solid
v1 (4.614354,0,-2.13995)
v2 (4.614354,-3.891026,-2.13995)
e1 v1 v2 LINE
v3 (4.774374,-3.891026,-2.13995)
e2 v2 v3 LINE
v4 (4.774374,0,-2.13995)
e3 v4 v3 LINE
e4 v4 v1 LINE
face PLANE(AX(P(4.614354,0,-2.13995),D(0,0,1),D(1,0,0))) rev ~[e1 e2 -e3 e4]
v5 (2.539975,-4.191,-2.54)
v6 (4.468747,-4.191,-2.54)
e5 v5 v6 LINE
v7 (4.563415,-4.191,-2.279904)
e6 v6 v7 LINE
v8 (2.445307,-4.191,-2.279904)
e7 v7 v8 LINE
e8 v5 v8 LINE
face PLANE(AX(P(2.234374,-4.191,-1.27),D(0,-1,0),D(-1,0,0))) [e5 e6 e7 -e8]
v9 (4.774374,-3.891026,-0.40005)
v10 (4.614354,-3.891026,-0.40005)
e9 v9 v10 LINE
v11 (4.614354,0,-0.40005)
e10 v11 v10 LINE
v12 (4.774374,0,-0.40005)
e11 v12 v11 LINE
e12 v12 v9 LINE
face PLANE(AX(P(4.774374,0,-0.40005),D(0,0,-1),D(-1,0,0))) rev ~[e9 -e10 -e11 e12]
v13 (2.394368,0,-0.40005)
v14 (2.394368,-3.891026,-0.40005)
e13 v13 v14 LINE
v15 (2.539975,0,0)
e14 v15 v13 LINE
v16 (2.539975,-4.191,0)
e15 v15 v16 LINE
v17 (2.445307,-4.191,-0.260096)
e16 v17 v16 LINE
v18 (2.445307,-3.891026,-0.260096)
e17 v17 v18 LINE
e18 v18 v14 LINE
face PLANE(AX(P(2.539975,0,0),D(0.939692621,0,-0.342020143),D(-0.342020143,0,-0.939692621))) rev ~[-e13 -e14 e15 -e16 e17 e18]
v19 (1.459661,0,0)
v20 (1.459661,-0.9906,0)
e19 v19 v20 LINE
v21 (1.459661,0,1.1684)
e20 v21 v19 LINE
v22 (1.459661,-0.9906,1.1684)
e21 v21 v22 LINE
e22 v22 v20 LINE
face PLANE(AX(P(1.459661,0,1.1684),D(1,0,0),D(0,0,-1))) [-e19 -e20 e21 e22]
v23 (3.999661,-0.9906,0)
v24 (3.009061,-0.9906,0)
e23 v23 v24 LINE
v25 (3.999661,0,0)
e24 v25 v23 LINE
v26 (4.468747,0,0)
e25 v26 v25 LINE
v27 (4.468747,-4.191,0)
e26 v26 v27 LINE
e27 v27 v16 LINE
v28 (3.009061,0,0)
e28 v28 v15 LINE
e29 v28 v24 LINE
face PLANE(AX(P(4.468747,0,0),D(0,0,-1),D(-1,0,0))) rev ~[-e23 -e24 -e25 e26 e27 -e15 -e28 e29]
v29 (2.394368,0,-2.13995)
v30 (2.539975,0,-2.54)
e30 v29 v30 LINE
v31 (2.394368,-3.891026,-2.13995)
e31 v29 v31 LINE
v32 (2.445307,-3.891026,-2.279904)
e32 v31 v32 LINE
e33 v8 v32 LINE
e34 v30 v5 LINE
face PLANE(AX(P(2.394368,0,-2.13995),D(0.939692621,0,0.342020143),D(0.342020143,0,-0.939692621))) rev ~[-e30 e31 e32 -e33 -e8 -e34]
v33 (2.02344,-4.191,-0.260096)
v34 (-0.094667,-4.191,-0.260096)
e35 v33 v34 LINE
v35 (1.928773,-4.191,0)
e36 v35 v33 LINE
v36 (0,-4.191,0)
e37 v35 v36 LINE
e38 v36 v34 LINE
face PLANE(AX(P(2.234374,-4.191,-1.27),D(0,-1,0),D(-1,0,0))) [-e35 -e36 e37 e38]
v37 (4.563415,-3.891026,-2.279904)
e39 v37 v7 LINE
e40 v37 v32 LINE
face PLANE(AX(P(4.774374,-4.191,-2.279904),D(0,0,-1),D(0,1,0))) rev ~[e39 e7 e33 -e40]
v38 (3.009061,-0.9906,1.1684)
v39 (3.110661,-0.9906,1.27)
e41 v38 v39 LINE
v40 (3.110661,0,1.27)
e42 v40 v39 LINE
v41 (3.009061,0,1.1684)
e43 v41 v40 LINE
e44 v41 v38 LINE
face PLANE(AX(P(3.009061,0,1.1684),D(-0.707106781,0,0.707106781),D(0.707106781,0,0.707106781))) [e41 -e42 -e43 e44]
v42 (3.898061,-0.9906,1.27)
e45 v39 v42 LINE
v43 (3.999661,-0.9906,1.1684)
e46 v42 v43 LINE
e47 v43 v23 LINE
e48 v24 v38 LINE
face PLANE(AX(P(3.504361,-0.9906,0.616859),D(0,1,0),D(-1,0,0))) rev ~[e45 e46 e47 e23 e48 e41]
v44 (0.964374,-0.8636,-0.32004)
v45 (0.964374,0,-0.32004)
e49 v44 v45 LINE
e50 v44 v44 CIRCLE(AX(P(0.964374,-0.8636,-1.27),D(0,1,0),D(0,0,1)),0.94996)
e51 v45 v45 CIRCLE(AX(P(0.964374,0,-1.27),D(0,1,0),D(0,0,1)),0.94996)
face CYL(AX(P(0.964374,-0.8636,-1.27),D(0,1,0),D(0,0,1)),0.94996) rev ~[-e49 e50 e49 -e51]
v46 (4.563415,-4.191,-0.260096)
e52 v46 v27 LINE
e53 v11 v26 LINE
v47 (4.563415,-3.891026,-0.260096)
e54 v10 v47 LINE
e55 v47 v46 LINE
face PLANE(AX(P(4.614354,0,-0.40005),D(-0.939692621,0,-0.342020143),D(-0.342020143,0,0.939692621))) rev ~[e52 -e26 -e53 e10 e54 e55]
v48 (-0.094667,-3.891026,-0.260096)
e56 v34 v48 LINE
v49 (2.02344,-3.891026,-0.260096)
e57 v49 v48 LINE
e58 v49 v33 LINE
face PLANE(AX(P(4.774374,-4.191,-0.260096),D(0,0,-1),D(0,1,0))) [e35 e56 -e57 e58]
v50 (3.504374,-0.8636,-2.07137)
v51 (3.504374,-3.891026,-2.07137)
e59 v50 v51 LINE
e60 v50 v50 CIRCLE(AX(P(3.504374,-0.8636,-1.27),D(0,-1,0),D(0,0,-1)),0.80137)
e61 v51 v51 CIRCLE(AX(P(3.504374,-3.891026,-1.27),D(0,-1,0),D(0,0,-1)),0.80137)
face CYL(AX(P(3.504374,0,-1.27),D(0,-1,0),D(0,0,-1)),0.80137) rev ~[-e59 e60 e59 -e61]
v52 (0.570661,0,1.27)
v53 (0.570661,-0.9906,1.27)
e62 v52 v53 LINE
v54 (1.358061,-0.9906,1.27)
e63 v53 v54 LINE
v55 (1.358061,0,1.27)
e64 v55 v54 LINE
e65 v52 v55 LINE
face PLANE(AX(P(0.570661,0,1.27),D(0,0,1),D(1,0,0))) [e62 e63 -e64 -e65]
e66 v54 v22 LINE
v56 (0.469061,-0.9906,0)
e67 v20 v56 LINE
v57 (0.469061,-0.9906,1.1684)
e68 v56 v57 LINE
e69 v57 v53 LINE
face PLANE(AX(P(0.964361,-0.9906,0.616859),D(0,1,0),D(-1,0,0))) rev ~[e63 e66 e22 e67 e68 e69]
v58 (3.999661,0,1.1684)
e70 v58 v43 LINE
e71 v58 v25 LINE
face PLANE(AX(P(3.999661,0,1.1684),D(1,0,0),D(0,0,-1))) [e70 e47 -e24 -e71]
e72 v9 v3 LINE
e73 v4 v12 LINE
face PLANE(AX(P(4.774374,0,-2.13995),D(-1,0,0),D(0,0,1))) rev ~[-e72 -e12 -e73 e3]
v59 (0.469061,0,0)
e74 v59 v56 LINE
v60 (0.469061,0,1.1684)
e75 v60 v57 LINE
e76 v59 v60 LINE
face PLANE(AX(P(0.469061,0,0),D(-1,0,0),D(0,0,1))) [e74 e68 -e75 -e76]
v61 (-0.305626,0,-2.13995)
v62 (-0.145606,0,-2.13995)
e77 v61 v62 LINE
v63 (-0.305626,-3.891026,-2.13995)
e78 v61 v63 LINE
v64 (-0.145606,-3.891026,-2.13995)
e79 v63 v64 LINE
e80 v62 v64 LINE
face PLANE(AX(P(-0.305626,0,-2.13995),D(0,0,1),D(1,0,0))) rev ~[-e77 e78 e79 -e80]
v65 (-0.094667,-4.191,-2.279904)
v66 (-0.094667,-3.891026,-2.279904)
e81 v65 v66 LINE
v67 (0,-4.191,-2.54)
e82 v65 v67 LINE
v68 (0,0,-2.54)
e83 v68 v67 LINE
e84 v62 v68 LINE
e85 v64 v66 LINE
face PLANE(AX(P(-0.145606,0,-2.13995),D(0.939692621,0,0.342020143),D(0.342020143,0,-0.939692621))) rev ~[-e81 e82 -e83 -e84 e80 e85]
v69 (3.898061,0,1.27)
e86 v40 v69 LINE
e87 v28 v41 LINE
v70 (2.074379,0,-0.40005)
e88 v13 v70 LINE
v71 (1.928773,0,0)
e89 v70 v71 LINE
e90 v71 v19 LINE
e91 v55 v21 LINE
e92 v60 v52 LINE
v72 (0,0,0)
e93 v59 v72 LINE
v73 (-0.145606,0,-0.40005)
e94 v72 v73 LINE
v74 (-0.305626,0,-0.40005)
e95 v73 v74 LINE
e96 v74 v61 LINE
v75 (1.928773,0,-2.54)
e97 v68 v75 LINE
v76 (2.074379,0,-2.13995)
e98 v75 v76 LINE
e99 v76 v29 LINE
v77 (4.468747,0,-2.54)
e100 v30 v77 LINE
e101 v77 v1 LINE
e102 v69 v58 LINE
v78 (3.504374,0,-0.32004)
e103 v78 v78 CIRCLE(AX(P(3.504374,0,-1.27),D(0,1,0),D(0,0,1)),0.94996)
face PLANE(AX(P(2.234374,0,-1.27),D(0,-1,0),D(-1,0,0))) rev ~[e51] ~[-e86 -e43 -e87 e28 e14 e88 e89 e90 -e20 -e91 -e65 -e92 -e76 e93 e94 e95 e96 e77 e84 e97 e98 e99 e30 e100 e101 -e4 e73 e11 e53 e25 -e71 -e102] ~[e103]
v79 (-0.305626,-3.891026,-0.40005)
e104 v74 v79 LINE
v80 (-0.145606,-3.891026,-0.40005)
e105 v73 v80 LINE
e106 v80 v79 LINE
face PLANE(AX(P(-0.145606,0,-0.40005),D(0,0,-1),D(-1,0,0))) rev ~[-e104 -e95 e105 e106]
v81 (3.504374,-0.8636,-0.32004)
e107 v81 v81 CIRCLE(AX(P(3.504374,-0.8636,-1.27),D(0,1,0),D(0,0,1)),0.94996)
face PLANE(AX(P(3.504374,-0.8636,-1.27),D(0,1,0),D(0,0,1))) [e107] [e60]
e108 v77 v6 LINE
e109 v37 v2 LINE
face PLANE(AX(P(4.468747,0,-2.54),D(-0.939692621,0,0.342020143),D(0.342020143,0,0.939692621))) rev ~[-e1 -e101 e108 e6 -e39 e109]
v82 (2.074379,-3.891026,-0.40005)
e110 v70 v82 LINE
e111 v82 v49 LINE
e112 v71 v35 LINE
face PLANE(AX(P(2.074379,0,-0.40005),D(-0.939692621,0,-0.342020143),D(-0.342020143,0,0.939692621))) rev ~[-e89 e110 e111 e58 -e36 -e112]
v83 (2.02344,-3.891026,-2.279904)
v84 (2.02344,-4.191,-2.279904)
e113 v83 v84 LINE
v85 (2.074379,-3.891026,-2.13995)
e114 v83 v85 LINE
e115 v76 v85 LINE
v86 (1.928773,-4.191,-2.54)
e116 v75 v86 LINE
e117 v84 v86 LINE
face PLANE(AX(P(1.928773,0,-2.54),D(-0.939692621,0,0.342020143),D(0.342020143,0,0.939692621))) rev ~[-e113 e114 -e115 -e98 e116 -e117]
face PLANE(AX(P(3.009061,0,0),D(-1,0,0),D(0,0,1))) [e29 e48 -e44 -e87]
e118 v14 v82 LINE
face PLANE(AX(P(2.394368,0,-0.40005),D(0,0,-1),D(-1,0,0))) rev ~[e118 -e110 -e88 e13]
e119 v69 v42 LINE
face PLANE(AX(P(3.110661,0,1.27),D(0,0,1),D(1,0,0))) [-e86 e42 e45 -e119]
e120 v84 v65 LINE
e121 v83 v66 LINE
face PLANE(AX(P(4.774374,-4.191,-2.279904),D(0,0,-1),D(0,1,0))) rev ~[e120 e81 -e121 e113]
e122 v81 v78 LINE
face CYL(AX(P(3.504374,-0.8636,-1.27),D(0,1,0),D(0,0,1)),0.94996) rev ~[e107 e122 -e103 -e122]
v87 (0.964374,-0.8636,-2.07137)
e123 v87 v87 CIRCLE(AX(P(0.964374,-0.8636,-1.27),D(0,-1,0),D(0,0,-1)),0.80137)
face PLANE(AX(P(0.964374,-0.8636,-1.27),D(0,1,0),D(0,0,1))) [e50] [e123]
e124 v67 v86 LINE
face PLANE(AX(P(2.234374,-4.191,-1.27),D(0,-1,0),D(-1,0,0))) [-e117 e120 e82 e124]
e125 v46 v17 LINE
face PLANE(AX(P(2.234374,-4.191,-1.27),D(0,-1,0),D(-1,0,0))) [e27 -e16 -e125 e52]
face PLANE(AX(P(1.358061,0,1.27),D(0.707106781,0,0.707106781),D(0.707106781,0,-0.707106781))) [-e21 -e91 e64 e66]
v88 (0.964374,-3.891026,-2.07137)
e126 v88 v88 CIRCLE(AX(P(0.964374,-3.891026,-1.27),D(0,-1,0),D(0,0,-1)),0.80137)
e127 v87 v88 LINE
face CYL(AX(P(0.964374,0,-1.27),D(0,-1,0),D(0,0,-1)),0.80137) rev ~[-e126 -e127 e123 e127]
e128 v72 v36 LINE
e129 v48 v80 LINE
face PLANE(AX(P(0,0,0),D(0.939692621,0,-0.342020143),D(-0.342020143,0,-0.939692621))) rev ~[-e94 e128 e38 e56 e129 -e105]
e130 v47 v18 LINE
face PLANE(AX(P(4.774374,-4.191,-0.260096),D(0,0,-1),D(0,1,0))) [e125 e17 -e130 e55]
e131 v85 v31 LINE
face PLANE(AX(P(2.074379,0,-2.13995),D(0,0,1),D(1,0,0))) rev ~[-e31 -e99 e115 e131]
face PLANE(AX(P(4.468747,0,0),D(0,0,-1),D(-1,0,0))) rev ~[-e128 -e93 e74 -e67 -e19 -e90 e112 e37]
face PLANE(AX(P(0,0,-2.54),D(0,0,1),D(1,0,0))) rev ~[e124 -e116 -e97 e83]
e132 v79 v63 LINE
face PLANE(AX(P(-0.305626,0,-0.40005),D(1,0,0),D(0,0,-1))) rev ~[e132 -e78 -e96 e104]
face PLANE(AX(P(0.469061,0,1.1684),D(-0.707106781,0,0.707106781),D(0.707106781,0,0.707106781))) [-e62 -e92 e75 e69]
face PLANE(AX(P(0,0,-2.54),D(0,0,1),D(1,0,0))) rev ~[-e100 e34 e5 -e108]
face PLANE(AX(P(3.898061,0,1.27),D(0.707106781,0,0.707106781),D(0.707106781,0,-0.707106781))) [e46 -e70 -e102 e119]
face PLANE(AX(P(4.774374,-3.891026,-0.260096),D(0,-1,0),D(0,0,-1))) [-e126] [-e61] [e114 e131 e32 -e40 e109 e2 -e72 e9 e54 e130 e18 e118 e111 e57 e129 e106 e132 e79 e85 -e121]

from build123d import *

# Parameters (mm, degrees)
EXTRUDE1_DEPTH      = 4.191
HOLE1_D             = 1.60274
HOLE1_CBORE_D       = 1.89992
HOLE1_CBORE_DEPTH   = 0.8636
EXTRUDE2_DEPTH      = 7.0104
LPATTERN1_COUNT     = 2
LPATTERN1_PITCH     = 2.54
LPATTERN2_COUNT     = 35
LPATTERN2_PITCH     = 2.54
SKETCH4_W           = 2.019808
SKETCH4_H           = 0.299974
EXTRUDE3_DEPTH      = 8.058504162
BOSS_EXTRUDE1_DEPTH = 0.9906
LPATTERN3_COUNT     = 2
LPATTERN3_PITCH     = 2.54


with BuildPart() as part:
    # Sketch1 → Extrude1 (new body)
    with BuildSketch(Plane(origin=(0, 0, 0), x_dir=(1, 0, 0), z_dir=(0, 1, 0))):
        Polygon((4.774373708, 0.40005), (4.614353708, 0.40005), (4.468747416, 0), (0, 0), (-0.145606292, 0.40005), (-0.305626292, 0.40005), (-0.305626292, 2.13995), (-0.145606292, 2.13995), (0, 2.54), (4.468747416, 2.54), (4.614353708, 2.13995), (4.774373708, 2.13995), align=None)
    extrude(amount=-EXTRUDE1_DEPTH)

    # Hole1 (through all)
    with Locations(Plane(origin=(0.964373708, 0, -1.27), x_dir=(0, 0, 1), z_dir=(0, 1, 0))):
        with Locations((0, 0)):
            hole1 = CounterBoreHole(HOLE1_D / 2, HOLE1_CBORE_D / 2, HOLE1_CBORE_DEPTH)

    # Sketch3 → Extrude2 (cut)
    with BuildSketch(Plane(origin=(0, 0, 0), x_dir=(1, 0, 0), z_dir=(0, 1, 0))):
        Polygon((1.928772816, 0), (2.5399746, 0), (2.394368308, 0.40005), (2.074379108, 0.40005), align=None)
        Polygon((2.074379108, 2.13995), (2.394368308, 2.13995), (2.5399746, 2.54), (1.928772816, 2.54), align=None)
    extrude2 = extrude(amount=-EXTRUDE2_DEPTH, mode=Mode.SUBTRACT)

    # LPattern1: Hole1 ×2
    with Locations(*[(i * LPATTERN1_PITCH, 0, 0) for i in range(1, LPATTERN1_COUNT)]):
        add(hole1, mode=Mode.SUBTRACT)

    # LPattern2: Extrude2 ×35
    with Locations(*[(i * LPATTERN2_PITCH, 0, 0) for i in range(1, LPATTERN2_COUNT)]):
        add(extrude2, mode=Mode.SUBTRACT)

    # Sketch4 → Extrude3 (cut, through all)
    with BuildSketch(Plane(origin=(4.774373708, 0, 0), x_dir=(0, 0, -1), z_dir=(1, 0, 0))):
        with Locations((1.27, -4.041013)):
            Rectangle(SKETCH4_W, SKETCH4_H)
    extrude(amount=-EXTRUDE3_DEPTH, mode=Mode.SUBTRACT)

    # Sketch5 → Boss-Extrude1 (add)
    with BuildSketch(Plane(origin=(0, 0, 0), x_dir=(-1, 0, 0), z_dir=(0, 1, 0))):
        Polygon((-0.469061008, 1.1684), (-0.570661008, 1.27), (-1.358061008, 1.27), (-1.459661008, 1.1684), (-1.459661008, 0), (-0.469061008, 0), align=None)
    boss_extrude1 = extrude(amount=-BOSS_EXTRUDE1_DEPTH)

    # LPattern3: Boss-Extrude1 ×2
    with Locations(*[(i * LPATTERN3_PITCH, 0, 0) for i in range(1, LPATTERN3_COUNT)]):
        add(boss_extrude1)


solid = part.part
